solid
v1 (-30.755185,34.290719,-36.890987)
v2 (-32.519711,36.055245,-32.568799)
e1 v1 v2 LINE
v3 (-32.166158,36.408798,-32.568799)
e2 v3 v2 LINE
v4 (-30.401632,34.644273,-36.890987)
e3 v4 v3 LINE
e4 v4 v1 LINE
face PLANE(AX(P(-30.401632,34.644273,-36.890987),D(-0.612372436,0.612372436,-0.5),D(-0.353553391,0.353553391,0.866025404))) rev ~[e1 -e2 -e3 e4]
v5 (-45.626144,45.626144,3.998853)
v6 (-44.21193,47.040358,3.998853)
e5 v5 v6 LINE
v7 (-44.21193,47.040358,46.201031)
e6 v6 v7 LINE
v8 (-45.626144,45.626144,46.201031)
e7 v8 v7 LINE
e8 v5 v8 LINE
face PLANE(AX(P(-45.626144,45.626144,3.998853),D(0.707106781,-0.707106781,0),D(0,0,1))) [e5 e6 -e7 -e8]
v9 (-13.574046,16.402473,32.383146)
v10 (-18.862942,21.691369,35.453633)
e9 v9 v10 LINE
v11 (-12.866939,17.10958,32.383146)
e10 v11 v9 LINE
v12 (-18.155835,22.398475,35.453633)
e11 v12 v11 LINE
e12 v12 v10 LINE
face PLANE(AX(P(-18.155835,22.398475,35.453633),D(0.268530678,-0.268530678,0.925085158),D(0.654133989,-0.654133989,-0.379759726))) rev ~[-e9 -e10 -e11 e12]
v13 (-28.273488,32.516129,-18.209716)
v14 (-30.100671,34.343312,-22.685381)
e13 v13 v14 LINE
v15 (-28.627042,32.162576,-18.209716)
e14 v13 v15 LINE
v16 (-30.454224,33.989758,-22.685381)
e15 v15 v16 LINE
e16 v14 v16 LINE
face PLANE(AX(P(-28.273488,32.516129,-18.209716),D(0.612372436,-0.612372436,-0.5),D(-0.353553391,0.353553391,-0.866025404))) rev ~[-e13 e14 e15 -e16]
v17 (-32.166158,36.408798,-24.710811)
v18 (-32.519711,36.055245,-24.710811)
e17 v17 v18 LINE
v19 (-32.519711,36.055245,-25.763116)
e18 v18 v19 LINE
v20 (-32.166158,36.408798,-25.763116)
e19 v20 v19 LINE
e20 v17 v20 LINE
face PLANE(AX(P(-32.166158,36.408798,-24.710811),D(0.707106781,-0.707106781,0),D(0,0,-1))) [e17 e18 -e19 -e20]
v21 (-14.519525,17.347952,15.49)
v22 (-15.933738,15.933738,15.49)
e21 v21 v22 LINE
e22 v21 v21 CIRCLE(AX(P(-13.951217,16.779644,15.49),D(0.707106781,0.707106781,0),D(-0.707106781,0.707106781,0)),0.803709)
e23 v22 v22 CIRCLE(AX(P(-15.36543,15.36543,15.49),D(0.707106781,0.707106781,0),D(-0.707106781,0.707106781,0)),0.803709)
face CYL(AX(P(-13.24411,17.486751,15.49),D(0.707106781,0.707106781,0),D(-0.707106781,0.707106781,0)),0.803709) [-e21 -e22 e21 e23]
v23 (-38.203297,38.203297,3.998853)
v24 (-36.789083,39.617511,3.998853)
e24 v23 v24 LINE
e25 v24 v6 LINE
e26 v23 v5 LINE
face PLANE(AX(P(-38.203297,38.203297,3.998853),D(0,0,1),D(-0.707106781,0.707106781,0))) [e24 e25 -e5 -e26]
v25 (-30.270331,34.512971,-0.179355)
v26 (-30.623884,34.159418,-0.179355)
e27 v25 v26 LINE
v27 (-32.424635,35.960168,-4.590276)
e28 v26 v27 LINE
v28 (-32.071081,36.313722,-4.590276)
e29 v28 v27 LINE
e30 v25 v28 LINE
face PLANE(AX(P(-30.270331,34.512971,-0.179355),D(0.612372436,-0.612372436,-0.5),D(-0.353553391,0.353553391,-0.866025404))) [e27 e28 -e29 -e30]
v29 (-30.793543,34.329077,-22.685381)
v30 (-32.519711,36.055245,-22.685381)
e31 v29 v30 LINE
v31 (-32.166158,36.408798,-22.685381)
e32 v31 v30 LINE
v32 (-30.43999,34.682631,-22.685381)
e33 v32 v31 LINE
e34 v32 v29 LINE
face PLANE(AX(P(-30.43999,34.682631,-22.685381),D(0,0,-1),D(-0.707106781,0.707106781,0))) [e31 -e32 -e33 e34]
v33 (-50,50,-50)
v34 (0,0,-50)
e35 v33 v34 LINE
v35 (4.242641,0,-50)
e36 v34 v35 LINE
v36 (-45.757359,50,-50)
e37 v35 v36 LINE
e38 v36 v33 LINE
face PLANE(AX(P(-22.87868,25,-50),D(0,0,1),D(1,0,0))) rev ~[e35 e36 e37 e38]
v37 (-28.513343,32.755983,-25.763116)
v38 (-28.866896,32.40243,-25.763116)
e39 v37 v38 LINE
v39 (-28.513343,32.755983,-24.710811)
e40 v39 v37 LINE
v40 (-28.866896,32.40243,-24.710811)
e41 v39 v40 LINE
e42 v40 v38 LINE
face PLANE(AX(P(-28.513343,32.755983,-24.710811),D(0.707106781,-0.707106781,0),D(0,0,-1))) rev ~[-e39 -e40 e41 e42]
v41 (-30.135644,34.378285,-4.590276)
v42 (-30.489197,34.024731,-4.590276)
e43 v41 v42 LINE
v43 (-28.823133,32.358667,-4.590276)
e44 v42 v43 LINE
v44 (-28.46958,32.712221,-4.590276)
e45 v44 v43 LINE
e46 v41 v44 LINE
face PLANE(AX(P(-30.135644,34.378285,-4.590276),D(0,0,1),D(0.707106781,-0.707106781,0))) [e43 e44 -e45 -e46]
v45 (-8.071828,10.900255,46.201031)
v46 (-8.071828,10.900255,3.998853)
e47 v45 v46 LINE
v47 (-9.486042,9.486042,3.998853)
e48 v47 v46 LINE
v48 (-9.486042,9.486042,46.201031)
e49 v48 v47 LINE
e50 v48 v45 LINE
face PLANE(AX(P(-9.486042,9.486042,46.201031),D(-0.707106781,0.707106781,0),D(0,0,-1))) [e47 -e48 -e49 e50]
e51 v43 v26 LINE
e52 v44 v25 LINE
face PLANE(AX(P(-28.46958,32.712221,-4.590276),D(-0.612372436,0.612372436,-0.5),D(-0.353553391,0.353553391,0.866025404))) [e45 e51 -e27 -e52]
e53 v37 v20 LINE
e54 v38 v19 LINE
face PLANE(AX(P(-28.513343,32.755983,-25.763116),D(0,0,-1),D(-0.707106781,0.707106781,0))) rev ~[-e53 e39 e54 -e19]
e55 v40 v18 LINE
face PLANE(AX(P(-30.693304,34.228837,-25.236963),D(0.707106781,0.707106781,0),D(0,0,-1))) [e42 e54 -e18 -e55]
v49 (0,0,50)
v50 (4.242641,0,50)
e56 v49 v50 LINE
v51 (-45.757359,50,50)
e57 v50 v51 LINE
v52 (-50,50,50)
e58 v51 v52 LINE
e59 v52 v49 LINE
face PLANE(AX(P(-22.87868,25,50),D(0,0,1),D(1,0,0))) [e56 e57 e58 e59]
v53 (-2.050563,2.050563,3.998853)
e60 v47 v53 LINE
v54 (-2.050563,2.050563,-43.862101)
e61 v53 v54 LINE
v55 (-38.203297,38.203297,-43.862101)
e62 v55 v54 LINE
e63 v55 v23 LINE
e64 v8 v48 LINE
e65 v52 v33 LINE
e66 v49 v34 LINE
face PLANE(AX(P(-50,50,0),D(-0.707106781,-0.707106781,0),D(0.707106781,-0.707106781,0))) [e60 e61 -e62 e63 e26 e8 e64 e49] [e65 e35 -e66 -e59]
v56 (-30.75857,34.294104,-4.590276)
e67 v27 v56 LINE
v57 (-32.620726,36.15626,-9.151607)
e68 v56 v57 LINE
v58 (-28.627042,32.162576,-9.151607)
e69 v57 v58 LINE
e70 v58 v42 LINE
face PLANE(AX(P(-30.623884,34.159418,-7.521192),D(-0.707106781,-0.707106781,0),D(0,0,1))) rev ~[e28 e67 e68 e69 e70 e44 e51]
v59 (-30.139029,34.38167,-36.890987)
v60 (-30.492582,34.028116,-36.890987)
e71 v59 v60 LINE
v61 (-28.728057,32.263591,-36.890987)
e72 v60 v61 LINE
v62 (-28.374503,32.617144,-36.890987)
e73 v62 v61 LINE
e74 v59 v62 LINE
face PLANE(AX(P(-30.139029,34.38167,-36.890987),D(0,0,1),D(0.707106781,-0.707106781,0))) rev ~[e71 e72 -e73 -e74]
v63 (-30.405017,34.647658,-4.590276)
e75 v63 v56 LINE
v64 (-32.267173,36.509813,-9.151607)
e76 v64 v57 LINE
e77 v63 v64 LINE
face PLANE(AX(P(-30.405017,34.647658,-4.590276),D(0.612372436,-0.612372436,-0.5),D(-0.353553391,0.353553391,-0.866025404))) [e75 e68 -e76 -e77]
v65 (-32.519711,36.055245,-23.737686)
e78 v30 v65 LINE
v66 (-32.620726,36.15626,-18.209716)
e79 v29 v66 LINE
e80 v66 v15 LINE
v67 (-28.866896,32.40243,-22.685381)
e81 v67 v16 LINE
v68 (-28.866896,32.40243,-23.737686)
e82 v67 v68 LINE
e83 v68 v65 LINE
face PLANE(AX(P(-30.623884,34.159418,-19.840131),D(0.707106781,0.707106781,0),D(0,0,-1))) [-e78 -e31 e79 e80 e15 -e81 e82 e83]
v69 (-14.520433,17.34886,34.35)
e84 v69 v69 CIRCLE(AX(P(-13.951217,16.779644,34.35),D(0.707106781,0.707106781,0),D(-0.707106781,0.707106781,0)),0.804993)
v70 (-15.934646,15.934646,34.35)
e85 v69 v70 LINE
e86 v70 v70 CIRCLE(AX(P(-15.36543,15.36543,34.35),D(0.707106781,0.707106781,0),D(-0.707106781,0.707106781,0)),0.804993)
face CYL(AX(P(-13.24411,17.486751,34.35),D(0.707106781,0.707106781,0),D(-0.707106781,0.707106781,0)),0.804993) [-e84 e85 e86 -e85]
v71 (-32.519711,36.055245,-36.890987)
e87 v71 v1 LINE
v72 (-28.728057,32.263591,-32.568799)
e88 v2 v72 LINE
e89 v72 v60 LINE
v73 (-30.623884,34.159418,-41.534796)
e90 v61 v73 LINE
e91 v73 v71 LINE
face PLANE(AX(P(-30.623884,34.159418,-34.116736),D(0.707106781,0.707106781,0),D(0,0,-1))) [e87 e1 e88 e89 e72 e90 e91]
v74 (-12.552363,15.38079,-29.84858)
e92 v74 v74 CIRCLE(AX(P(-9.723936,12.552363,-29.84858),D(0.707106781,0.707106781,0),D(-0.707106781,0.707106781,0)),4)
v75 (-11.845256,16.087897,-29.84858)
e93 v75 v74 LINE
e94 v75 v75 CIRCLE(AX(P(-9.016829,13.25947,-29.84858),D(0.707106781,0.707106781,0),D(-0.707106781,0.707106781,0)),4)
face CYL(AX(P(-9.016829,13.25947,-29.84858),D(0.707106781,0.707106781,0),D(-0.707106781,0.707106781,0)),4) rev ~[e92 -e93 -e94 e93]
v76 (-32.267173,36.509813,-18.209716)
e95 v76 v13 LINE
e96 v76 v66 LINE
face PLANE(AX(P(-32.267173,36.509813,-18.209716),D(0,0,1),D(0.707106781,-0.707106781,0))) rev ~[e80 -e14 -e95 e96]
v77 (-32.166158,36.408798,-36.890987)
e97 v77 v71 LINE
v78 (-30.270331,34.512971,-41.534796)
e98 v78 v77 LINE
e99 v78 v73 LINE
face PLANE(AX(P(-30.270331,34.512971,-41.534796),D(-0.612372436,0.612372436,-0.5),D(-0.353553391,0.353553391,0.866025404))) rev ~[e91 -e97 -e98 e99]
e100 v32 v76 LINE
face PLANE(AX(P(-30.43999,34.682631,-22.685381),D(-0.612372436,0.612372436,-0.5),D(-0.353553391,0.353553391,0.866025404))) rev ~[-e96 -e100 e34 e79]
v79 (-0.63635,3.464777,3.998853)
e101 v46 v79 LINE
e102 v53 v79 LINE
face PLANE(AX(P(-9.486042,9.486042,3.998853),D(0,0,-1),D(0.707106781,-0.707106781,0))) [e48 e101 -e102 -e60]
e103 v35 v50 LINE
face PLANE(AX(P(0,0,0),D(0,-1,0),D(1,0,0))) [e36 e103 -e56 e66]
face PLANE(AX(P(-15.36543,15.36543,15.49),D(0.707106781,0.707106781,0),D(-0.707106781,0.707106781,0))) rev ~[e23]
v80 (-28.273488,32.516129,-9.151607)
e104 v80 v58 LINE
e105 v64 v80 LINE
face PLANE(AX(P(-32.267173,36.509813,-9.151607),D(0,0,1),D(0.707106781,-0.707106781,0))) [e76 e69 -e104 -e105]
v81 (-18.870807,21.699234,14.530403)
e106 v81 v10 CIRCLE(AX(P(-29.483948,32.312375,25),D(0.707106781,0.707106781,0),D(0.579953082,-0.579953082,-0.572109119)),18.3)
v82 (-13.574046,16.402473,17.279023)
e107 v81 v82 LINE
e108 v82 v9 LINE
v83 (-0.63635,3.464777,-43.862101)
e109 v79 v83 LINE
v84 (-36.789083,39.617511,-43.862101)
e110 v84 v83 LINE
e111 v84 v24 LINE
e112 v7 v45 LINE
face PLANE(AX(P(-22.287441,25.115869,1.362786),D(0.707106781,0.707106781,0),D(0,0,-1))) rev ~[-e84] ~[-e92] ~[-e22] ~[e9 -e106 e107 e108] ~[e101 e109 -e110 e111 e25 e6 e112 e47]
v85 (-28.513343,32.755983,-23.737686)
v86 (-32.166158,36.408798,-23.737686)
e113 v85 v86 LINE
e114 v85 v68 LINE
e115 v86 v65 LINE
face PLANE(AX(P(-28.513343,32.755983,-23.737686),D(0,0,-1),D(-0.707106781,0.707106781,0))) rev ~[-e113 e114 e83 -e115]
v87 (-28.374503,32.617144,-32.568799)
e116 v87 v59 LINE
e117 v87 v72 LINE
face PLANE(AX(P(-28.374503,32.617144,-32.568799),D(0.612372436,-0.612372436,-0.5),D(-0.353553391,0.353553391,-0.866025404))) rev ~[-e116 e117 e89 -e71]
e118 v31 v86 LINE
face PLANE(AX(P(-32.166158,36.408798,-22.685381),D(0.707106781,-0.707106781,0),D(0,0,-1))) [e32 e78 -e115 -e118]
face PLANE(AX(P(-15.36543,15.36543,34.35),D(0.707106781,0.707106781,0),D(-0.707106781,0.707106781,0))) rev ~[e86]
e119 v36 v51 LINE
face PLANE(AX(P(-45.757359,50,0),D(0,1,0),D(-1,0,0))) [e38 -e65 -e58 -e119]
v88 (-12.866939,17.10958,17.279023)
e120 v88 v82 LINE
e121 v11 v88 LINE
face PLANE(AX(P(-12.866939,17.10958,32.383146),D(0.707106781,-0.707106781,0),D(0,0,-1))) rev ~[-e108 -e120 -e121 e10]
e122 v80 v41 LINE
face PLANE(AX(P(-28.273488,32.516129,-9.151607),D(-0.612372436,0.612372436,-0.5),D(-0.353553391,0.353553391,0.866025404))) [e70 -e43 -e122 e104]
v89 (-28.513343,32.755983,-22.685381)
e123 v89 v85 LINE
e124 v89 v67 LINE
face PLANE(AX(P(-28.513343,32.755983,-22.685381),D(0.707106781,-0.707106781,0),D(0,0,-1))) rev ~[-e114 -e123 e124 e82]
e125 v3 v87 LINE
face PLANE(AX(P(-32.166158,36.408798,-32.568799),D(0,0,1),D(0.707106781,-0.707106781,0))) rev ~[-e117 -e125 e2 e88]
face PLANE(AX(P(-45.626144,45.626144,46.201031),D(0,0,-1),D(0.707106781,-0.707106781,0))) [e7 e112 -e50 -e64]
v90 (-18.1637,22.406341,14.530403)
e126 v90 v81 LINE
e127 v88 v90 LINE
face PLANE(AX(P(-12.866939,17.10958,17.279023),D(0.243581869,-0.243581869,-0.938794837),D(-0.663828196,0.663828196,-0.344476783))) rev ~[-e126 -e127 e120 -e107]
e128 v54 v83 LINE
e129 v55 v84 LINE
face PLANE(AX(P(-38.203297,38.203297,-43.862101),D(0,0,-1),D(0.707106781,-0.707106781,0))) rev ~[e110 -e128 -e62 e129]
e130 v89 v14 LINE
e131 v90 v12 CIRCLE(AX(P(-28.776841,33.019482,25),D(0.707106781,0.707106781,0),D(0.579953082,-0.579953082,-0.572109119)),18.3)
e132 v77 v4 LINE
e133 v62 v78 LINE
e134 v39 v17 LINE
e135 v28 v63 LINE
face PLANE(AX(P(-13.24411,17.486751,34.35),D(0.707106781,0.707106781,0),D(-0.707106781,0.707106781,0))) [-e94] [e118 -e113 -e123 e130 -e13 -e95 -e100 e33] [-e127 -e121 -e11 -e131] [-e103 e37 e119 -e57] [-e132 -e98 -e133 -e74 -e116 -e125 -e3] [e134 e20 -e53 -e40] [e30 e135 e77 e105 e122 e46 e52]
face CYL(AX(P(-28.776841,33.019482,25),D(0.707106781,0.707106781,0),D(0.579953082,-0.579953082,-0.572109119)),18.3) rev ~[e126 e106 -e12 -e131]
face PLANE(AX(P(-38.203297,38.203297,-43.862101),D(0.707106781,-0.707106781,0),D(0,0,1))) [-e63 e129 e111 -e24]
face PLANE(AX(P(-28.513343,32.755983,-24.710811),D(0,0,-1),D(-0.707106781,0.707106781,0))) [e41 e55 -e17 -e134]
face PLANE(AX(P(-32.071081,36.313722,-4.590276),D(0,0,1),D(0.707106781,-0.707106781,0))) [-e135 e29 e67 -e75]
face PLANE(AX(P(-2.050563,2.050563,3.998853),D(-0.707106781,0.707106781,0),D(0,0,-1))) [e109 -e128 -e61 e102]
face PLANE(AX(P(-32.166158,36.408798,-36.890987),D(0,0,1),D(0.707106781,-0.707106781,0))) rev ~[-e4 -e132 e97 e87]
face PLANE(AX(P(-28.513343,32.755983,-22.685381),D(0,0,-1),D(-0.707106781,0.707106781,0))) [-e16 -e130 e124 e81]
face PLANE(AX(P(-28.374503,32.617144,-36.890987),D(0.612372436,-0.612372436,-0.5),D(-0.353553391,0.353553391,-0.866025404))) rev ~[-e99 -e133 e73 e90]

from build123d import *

# Parameters (mm, degrees)
BOSS_EXTRUDE1_DEPTH = 50
CUT_EXTRUDE1_DEPTH  = 10
SKETCH3_R           = 4
CUT_EXTRUDE2_DEPTH  = 10
SKETCH4_W           = 1.052304973
SKETCH4_H           = 5.165860775
CUT_EXTRUDE6_DEPTH  = 0.5
CUT_EXTRUDE7_DEPTH  = 2
SKETCH6_R           = 0.804992829
SKETCH6_R_2         = 0.803708801
BOSS_EXTRUDE2_DEPTH = 3


with BuildPart() as part:
    # Sketch1 → Boss-Extrude1 (new, symmetric)
    with BuildSketch(Plane.XY):
        Polygon((0, 0), (4.242640687, 0), (-45.757359313, 50), (-50, 50), align=None)
    extrude(amount=BOSS_EXTRUDE1_DEPTH, both=True)

    # Sketch2 → Cut-Extrude1 (cut)
    with BuildSketch(Plane(origin=(2.121320344, 2.121320344, 0), x_dir=(0, 0, -1), z_dir=(0.7071067811865487, 0.7071067811865465, 0))):
        with BuildLine():
            Line((-32.383146044, 21.19659939), (-17.279022802, 21.19659939))
            Line((-17.279022802, 21.19659939), (-14.530403118, 28.687350871))
            ThreePointArc((-14.530403118, 28.687350871), (-25.009728549, 61.996596804), (-35.453632693, 28.676227773))
            Line((-35.453632693, 28.676227773), (-32.383146044, 21.19659939))
        make_face()
    extrude(amount=-CUT_EXTRUDE1_DEPTH, mode=Mode.SUBTRACT)

    # Sketch3 → Cut-Extrude2 (cut)
    with BuildSketch(Plane(origin=(2.121320344, 2.121320344, 0), x_dir=(0, 0, -1), z_dir=(0.7071067811865487, 0.7071067811865465, 0))):
        with Locations(Location((29.848579643, 15.751722073, 0), (0, 0, 90))):
            Circle(SKETCH3_R)
    extrude(amount=-CUT_EXTRUDE2_DEPTH, mode=Mode.SUBTRACT)

    # Sketch4 → Cut-Extrude6 (cut)
    with BuildSketch(Plane(origin=(2.121320344, 2.121320344, 0), x_dir=(0, 0, -1), z_dir=(0.7071067811865488, 0.7071067811865462, 0))):
        Polygon((18.209716016, 48.632673253), (18.209716016, 42.984750661), (23.10096046, 45.808711957), align=None)
        with Locations((23.211533522, 45.906886197)):
            Rectangle(SKETCH4_W, SKETCH4_H)
        with Locations((25.236963378, 45.906886197)):
            Rectangle(SKETCH4_W, SKETCH4_H)
        Polygon((32.568799155, 48.489816584), (32.568799155, 43.12760733), (37.212608589, 45.808711957), align=None)
        Polygon((36.890986923, 48.489816584), (36.890986923, 43.12760733), (41.534796358, 45.808711957), align=None)
        Polygon((9.151606642, 48.632673253), (9.151606642, 42.984750661), (4.260362198, 45.808711957), align=None)
        Polygon((4.590275544, 48.355357963), (4.590275544, 43.262065951), (0.179355272, 45.808711957), align=None)
    extrude(amount=-CUT_EXTRUDE6_DEPTH, mode=Mode.SUBTRACT)

    # Sketch5 → Cut-Extrude7 (cut)
    with BuildSketch(Plane(origin=(0, 0, 0), x_dir=(0, 0, 1), z_dir=(-0.7071067811865488, -0.7071067811865462, 0))):
        Polygon((46.201031171, 64.525111683), (46.201031171, 13.41528861), (3.998852775, 13.41528861), (3.998852775, 2.899934094), (-43.862101498, 2.899934094), (-43.862101498, 38.281153906), (-43.862101498, 54.027620673), (3.998852775, 54.027620673), (3.998852775, 64.525111683), align=None)
    extrude(amount=-CUT_EXTRUDE7_DEPTH, mode=Mode.SUBTRACT)

    # Sketch6 → Boss-Extrude2 (add)
    with BuildSketch(Plane(origin=(2.121320344, 2.121320344, 0), x_dir=(0, 0, -1), z_dir=(0.7071067811865488, 0.7071067811865462, 0))):
        with Locations(Location((-34.35, 21.73, 0), (0, 0, 90))):
            Circle(SKETCH6_R)
        with Locations(Location((-15.49, 21.73, 0), (0, 0, 90))):
            Circle(SKETCH6_R_2)
    extrude(amount=-BOSS_EXTRUDE2_DEPTH)


solid = part.part
